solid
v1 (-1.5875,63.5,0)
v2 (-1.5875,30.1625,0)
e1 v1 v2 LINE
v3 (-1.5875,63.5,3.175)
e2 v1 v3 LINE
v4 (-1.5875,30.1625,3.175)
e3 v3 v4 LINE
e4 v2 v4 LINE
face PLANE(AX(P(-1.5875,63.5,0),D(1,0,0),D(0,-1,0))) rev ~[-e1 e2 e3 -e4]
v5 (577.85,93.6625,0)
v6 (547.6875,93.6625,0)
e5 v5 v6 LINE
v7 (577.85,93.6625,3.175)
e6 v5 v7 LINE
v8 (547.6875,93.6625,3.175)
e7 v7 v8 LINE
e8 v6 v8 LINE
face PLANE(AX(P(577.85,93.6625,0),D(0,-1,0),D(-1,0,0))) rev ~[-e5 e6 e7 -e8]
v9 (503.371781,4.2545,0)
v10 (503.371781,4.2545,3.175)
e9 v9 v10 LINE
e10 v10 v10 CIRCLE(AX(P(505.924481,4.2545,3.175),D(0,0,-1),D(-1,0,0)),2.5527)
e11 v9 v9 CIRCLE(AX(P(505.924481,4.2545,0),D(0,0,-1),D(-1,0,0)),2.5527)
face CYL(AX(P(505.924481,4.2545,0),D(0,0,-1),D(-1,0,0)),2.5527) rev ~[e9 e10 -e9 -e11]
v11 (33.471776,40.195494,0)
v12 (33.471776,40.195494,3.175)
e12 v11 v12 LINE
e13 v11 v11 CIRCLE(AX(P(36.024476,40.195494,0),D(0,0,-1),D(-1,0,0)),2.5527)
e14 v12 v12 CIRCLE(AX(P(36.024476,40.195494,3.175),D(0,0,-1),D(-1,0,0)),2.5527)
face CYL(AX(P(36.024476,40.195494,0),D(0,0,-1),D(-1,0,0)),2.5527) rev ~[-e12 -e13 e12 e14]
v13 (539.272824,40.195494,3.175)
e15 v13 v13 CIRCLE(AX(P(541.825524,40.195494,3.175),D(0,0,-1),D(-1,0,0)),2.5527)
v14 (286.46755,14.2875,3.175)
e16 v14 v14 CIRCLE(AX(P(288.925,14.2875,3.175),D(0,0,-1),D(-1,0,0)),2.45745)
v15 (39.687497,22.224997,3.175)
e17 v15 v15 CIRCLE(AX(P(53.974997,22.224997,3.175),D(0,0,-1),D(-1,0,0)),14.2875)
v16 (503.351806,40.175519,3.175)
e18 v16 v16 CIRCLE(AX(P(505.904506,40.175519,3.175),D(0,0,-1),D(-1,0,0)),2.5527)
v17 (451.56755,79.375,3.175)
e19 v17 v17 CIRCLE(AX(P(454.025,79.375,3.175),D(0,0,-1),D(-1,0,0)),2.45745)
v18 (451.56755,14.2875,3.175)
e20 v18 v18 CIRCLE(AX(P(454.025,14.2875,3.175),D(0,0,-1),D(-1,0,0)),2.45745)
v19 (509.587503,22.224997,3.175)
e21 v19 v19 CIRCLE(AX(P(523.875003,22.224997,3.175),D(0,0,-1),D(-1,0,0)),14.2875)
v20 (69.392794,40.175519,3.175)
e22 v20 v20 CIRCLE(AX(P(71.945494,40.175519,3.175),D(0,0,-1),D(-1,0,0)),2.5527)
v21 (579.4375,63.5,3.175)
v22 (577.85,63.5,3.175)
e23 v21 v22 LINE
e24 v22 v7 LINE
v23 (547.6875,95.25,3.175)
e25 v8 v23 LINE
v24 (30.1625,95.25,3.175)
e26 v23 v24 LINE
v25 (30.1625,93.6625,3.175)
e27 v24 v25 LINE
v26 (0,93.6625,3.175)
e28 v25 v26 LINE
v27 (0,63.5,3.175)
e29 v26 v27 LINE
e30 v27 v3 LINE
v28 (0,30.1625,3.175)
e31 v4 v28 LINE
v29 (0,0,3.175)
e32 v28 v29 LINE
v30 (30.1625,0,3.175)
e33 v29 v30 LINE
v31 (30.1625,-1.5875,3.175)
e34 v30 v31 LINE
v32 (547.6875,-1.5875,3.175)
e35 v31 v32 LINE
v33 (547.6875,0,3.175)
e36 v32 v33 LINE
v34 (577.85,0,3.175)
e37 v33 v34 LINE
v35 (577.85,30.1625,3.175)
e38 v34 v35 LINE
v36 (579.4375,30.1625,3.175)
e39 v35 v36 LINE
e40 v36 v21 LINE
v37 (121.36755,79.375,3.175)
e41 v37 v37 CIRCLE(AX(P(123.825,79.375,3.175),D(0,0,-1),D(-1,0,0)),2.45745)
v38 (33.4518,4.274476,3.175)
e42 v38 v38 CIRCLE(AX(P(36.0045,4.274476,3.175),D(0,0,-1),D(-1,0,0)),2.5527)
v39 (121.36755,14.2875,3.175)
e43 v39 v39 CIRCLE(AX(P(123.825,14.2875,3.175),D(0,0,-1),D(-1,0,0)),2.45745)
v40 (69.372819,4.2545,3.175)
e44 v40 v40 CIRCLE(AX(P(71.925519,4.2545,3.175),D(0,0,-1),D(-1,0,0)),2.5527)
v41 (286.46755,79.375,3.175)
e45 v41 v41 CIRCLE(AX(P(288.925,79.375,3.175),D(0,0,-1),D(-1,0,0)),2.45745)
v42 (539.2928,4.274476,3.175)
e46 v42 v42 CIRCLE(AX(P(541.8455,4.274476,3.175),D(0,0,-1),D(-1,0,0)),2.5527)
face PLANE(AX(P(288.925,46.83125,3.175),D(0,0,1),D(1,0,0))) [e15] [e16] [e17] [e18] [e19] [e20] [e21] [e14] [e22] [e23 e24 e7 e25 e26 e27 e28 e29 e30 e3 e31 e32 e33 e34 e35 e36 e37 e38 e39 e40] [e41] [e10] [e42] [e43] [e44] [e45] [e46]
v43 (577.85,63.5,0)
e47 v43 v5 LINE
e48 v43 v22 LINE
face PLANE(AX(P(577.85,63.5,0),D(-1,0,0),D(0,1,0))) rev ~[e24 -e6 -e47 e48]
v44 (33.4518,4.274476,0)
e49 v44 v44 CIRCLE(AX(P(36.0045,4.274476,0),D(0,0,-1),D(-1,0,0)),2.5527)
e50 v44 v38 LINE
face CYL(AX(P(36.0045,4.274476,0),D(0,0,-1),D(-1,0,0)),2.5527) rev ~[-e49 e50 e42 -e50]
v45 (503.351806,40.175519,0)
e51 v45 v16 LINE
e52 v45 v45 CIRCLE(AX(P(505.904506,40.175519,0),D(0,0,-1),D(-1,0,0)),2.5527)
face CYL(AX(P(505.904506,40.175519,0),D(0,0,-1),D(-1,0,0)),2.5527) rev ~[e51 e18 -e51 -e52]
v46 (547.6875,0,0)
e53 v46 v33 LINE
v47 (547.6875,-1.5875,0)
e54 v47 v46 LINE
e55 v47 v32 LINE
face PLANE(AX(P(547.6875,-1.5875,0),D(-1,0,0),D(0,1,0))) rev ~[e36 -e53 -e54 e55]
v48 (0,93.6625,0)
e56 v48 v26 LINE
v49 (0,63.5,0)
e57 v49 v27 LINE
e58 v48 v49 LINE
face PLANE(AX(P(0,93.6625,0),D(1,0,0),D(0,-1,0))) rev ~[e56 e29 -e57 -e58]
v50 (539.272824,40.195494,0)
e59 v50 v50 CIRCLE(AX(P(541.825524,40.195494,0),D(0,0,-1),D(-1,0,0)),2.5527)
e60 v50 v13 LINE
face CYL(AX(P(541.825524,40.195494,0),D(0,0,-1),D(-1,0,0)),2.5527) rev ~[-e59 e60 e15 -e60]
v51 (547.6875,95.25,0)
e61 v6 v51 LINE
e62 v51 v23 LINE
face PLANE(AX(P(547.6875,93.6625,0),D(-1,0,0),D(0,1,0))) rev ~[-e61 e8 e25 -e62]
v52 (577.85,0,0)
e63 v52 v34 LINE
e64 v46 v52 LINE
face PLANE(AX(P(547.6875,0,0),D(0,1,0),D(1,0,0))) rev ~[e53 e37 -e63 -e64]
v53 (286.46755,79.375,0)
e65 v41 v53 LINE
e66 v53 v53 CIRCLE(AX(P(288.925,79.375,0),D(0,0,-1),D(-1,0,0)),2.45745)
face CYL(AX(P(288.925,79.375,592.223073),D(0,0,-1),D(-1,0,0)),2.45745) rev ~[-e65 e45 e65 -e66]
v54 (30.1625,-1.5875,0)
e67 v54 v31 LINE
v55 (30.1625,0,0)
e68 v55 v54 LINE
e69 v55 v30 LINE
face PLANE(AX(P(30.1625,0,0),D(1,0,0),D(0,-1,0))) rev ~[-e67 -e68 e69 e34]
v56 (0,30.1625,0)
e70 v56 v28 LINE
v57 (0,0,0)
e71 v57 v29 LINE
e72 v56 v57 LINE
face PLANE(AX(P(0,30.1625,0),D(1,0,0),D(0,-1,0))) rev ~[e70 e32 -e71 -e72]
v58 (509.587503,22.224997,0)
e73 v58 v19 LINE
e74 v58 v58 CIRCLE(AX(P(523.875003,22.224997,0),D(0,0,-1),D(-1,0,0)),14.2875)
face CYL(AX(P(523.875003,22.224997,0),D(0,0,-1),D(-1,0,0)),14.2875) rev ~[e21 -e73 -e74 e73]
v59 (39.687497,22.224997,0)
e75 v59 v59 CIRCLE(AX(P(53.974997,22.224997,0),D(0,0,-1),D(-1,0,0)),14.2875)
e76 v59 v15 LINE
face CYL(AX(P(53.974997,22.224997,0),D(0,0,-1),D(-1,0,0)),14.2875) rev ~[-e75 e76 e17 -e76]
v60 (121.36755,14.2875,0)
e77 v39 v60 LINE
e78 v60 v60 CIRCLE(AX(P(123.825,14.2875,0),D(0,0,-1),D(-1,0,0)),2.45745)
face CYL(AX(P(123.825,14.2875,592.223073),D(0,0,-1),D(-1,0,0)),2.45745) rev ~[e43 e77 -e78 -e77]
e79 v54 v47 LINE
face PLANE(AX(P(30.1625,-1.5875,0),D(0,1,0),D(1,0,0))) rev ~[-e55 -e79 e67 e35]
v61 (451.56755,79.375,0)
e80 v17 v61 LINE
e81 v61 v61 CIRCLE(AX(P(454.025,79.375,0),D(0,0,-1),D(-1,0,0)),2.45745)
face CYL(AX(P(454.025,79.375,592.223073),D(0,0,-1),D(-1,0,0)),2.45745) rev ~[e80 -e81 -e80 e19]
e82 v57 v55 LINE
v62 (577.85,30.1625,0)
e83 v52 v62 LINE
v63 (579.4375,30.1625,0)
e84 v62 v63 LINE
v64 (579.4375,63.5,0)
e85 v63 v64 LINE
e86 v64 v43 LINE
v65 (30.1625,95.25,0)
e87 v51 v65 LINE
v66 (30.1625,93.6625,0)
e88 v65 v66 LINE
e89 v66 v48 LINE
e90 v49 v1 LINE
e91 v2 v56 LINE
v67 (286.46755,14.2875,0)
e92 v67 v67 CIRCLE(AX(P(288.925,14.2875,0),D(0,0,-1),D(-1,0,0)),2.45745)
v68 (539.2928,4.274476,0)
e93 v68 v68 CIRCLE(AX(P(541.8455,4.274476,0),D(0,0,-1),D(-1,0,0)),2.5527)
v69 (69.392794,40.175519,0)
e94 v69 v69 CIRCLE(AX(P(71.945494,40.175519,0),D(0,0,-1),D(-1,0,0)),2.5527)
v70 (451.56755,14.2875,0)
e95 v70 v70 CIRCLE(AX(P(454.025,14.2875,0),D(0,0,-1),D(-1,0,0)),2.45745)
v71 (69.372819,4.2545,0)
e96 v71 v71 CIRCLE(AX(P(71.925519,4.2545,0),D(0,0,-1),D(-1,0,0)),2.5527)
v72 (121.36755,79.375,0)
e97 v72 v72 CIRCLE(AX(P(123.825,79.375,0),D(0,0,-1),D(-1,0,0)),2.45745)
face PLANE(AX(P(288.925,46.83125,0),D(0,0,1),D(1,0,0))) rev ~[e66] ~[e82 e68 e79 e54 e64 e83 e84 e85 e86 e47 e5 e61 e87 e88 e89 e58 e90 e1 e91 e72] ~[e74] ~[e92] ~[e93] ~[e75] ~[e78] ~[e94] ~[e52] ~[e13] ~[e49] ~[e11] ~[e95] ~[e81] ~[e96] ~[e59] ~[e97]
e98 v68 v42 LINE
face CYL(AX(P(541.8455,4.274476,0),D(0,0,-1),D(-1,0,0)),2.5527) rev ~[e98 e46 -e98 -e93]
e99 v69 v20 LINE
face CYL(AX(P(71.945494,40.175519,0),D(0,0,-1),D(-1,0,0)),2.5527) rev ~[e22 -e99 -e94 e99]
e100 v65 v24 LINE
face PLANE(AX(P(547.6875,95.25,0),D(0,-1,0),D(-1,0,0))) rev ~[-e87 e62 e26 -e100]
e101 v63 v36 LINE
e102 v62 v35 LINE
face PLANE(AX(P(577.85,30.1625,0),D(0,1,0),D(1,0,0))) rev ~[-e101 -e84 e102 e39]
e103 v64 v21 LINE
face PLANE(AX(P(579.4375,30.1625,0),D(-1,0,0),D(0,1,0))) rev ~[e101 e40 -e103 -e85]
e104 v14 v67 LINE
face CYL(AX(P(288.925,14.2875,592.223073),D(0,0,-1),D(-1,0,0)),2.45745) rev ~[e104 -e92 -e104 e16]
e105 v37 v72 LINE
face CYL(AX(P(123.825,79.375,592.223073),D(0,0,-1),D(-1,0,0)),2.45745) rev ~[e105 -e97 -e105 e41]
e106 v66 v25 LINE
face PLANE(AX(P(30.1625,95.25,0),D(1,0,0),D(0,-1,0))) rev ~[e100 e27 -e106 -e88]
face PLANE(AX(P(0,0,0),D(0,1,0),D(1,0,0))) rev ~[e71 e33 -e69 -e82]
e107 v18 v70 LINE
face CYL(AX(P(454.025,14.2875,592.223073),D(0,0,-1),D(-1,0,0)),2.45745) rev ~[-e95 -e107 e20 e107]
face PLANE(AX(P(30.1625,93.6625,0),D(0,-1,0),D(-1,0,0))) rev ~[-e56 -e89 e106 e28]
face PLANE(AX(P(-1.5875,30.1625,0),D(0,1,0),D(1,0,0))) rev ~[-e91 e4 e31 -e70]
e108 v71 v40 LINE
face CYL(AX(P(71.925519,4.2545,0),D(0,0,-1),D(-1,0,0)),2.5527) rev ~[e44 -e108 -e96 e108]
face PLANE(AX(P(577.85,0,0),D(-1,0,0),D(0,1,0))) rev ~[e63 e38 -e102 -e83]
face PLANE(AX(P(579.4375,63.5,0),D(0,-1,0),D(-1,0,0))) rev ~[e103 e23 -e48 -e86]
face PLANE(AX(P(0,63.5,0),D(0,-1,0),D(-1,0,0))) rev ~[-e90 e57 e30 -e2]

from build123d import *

# Parameters (mm, degrees)
BOSS_EXTRUDE1_DEPTH          = 3.175
F_10_0_1935_DIAMETER_HOLE2_D = 4.9149
SKETCH5_R                    = 2.5527
SKETCH5_R_2                  = 14.2875
CUT_EXTRUDE2_DEPTH           = 6.35


with BuildPart() as part:
    # Sketch2 → Boss-Extrude1 (new body)
    with BuildSketch(Plane.XY):
        Polygon((0, 63.5), (-1.5875, 63.5), (-1.5875, 30.1625), (0, 30.1625), (0, 0), (30.1625, 0), (30.1625, -1.5875), (547.6875, -1.5875), (547.6875, 0), (577.85, 0), (577.85, 30.1625), (579.4375, 30.1625), (579.4375, 63.5), (577.85, 63.5), (577.85, 93.6625), (547.6875, 93.6625), (547.6875, 95.25), (30.1625, 95.25), (30.1625, 93.6625), (0, 93.6625), align=None)
    extrude(amount=BOSS_EXTRUDE1_DEPTH)

    # #10 (0.1935) Diameter Hole2 (through all)
    with Locations(Plane.XY.offset(3.175)):
        with Locations((288.925, 79.375), (123.825, 79.375), (454.025, 79.375), (454.025, 14.2875), (123.825, 14.2875), (288.925, 14.2875)):
            Hole(F_10_0_1935_DIAMETER_HOLE2_D / 2)

    # Sketch5 → Cut-Extrude2 (cut)
    with BuildSketch(Plane(origin=(0, 0, 0), x_dir=(-1, 0, 0), z_dir=(0, 0, -1))):
        with Locations((-541.825524484, 40.195494446)):
            Circle(SKETCH5_R)
        with Locations((-505.92448107, 4.2545)):
            Circle(SKETCH5_R)
        with Locations((-523.875002777, 22.224997223)):
            Circle(SKETCH5_R_2)
        with Locations((-541.8455, 4.274475516)):
            Circle(SKETCH5_R)
        with Locations((-505.904505554, 40.17551893)):
            Circle(SKETCH5_R)
        with Locations((-71.945494446, 40.17551893)):
            Circle(SKETCH5_R)
        with Locations((-36.0045, 4.274475516)):
            Circle(SKETCH5_R)
        with Locations((-53.974997223, 22.224997223)):
            Circle(SKETCH5_R_2)
        with Locations((-71.92551893, 4.2545)):
            Circle(SKETCH5_R)
        with Locations((-36.024475516, 40.195494446)):
            Circle(SKETCH5_R)
    extrude(amount=-CUT_EXTRUDE2_DEPTH, mode=Mode.SUBTRACT)


solid = part.part
